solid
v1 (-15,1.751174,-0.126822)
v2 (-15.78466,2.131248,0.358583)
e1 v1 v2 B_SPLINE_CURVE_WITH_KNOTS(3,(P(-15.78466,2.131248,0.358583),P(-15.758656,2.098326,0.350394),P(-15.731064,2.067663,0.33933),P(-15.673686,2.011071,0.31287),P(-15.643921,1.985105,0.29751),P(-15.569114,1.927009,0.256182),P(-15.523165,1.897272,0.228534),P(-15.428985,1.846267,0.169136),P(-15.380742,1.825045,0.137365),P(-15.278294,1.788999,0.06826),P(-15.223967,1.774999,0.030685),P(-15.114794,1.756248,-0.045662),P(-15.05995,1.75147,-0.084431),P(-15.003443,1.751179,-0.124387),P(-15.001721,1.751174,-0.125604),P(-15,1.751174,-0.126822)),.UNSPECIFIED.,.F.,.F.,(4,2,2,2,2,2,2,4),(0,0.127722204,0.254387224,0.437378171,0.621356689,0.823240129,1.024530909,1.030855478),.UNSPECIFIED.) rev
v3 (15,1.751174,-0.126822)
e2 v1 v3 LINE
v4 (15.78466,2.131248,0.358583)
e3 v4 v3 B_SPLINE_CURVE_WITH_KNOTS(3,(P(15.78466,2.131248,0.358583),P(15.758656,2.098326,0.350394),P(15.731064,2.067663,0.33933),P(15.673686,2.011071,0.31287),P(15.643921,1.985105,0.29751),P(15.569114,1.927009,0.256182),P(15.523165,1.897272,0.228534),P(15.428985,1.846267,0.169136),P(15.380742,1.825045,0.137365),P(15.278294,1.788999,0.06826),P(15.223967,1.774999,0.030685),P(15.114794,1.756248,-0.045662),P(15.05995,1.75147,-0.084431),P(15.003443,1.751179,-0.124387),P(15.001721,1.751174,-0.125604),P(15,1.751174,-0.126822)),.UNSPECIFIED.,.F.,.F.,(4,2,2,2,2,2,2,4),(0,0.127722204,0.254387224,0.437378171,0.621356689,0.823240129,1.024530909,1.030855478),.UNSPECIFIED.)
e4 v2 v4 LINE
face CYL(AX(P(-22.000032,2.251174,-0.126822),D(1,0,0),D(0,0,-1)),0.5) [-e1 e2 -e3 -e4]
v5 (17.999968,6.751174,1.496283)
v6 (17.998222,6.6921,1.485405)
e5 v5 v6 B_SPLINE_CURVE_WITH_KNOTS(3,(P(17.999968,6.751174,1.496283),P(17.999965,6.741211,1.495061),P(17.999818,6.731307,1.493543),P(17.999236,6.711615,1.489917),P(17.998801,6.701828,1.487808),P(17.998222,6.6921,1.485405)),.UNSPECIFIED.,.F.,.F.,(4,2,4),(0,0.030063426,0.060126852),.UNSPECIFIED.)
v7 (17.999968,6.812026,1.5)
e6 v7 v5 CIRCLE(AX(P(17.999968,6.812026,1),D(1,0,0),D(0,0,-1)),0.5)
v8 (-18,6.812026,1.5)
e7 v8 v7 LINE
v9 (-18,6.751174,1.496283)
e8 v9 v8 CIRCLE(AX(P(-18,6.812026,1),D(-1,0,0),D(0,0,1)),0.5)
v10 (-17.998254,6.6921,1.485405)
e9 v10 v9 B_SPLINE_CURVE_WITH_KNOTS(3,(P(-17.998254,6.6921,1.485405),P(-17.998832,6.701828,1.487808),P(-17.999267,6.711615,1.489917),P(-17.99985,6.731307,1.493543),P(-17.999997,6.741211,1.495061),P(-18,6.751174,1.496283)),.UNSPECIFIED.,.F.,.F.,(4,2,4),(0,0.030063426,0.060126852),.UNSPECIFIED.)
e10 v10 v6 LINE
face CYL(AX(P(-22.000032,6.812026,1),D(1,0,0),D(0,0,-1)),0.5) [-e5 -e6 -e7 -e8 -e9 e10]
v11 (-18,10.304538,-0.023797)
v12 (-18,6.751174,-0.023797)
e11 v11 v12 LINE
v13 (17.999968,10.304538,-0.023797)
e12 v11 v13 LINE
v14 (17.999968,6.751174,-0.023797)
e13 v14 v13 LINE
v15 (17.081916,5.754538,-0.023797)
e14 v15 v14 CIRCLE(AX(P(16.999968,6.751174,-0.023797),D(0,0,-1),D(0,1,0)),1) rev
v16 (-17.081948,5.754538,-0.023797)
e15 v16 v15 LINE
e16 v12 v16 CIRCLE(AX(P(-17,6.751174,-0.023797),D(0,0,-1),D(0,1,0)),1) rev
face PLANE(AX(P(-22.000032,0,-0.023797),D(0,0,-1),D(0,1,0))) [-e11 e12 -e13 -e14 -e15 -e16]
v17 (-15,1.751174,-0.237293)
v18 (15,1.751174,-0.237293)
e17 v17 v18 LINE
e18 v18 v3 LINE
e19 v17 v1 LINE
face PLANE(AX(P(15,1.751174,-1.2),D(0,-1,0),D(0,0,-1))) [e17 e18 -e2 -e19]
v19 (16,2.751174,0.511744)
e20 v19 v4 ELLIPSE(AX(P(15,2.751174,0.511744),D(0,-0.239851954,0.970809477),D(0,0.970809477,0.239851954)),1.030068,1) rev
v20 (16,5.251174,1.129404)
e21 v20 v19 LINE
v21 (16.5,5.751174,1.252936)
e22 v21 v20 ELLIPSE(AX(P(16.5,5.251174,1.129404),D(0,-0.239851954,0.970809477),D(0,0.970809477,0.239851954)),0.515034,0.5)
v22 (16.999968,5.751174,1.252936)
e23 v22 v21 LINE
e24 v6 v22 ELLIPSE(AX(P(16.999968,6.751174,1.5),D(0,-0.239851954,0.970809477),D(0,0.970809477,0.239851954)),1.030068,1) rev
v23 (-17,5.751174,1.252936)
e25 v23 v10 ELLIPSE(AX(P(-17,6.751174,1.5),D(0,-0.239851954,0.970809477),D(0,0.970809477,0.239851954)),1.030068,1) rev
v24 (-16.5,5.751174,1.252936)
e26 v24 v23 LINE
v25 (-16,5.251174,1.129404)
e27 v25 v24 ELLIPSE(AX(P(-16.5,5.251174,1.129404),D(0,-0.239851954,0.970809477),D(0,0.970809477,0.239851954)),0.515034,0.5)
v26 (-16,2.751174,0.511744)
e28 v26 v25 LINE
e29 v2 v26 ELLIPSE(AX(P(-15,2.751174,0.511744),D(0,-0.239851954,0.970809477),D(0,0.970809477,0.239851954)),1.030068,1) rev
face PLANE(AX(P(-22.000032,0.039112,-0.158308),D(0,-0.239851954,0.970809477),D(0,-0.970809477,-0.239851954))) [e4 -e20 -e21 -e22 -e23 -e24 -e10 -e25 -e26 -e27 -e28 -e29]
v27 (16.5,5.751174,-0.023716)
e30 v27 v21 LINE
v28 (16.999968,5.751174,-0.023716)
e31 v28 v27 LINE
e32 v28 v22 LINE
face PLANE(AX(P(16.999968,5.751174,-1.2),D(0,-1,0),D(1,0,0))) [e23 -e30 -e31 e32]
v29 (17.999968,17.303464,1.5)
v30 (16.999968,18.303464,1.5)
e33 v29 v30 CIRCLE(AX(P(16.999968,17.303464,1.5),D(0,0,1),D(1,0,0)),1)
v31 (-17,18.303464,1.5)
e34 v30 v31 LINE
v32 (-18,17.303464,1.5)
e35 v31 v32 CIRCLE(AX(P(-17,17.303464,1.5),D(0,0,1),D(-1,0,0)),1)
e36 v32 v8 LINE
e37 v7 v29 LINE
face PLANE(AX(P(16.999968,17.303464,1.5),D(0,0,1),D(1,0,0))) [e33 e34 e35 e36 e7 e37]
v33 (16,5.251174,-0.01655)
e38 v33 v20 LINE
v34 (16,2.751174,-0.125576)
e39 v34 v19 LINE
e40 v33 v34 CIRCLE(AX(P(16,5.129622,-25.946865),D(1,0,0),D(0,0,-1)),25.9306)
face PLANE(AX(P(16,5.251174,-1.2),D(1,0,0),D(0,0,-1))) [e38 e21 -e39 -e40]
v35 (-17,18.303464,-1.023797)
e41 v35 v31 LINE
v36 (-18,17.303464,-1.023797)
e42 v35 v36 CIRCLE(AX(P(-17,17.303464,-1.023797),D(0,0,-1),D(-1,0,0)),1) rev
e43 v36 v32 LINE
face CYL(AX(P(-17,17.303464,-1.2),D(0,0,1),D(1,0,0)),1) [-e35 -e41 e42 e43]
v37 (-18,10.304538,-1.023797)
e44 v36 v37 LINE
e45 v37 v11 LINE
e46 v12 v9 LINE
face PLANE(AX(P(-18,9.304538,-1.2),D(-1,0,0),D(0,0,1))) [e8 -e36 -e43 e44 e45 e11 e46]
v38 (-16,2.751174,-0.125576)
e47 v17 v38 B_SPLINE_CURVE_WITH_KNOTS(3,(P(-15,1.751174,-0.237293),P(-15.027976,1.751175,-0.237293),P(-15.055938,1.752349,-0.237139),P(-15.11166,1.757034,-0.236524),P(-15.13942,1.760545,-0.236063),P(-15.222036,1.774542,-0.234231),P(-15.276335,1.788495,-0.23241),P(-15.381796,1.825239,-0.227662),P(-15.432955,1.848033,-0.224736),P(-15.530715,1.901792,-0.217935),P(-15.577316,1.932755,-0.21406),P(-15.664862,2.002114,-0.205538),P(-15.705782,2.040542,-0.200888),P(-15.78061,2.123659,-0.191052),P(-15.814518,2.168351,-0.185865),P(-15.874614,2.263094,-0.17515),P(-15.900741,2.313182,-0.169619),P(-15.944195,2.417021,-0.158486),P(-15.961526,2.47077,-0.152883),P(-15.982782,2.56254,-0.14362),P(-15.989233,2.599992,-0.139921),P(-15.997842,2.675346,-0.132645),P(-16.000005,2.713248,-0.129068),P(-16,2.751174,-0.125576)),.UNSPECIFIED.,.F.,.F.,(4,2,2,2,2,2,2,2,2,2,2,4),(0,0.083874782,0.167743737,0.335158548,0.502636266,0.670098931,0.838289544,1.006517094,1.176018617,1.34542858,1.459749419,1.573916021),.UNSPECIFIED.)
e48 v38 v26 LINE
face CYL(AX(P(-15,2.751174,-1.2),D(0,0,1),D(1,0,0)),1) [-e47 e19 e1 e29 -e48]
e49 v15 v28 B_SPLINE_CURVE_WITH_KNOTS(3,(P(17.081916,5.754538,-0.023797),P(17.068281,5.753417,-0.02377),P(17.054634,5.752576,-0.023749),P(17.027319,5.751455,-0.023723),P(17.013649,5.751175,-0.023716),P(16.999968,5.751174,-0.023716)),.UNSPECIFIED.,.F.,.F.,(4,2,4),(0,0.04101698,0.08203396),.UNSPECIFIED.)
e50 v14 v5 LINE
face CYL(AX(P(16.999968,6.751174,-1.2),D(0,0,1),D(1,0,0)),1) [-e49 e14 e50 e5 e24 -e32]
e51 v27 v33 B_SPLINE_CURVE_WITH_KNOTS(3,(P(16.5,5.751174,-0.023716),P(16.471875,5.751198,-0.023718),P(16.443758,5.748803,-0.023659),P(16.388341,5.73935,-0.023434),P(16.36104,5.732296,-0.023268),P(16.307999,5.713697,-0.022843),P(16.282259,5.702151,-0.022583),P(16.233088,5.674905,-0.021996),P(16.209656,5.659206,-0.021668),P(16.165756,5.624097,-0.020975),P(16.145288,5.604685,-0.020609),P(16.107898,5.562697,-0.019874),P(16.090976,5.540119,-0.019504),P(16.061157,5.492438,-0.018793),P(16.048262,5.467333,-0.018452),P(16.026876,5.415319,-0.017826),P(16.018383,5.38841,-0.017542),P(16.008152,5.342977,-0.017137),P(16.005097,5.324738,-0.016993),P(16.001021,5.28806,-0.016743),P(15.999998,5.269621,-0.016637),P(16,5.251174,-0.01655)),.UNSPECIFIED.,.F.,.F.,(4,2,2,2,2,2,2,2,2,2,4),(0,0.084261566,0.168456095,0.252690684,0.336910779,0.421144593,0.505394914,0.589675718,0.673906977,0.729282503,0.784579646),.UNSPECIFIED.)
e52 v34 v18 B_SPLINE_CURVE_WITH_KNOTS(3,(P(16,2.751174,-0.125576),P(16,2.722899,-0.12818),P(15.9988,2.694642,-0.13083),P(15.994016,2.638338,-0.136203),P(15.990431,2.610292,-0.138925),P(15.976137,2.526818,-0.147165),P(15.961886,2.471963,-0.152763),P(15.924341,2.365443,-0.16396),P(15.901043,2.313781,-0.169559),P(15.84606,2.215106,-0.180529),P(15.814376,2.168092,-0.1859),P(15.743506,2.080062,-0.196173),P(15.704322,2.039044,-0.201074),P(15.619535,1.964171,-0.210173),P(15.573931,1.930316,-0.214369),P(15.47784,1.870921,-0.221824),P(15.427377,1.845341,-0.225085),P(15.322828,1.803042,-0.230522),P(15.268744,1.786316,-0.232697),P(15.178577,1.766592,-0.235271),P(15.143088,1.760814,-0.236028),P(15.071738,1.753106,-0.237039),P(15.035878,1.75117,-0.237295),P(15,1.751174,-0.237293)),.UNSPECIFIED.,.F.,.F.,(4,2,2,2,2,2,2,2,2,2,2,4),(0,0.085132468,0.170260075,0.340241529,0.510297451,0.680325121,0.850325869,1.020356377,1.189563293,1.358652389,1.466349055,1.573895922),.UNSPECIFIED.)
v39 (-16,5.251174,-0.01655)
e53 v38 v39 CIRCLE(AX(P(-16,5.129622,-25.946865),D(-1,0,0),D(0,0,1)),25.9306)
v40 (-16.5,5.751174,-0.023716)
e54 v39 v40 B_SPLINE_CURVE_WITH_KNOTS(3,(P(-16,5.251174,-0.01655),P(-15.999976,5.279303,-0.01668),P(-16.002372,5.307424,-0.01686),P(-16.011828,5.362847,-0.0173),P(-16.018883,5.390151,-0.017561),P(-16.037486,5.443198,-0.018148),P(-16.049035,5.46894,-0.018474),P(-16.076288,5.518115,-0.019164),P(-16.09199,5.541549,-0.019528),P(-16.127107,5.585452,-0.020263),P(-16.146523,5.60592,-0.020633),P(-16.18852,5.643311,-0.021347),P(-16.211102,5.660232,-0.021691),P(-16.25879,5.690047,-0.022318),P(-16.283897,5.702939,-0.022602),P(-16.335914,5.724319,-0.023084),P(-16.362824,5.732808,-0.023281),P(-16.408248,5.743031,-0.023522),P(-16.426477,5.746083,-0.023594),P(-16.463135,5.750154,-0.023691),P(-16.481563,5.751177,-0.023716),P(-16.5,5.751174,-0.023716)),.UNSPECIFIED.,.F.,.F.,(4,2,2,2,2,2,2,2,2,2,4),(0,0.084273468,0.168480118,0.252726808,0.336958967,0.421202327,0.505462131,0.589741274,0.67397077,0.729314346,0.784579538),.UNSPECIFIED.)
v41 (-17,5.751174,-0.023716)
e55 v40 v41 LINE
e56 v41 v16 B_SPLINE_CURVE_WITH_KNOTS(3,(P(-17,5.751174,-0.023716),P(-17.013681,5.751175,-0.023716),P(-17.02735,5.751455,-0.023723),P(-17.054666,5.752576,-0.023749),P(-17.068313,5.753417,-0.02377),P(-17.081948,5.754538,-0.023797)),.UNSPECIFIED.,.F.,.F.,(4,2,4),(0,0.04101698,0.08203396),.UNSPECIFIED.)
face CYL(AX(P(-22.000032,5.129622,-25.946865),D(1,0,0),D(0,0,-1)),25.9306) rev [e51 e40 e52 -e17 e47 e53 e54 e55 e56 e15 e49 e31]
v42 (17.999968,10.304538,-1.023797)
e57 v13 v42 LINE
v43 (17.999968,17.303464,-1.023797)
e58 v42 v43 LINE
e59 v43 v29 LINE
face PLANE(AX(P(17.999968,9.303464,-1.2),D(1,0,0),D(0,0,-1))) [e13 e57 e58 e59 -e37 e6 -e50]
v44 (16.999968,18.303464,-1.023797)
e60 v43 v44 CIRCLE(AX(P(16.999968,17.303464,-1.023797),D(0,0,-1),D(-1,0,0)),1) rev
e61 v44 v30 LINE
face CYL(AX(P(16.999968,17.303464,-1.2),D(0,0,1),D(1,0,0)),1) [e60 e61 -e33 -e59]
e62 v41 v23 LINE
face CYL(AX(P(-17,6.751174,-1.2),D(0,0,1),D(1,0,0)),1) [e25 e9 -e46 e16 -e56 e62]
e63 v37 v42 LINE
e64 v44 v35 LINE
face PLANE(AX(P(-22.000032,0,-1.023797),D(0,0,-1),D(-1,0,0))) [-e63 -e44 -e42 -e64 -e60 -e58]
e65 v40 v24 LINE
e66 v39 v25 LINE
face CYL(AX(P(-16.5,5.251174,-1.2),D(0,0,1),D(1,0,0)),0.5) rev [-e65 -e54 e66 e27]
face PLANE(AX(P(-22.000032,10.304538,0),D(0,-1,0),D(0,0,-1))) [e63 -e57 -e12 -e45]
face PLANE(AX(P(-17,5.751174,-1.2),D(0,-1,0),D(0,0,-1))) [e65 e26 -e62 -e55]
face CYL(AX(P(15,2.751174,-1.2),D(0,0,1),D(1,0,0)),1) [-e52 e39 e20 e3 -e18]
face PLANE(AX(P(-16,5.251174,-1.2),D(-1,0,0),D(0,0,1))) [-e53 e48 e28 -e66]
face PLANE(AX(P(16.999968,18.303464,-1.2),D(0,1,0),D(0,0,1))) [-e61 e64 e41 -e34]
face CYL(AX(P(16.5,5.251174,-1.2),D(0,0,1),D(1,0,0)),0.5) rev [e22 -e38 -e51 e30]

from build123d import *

# Parameters (mm, degrees)
BOSS_EXTRUDE1_DEPTH      = 1.5
BOSS_EXTRUDE1_DEPTH_BACK = 1.2
CUT_EXTRUDE1_DEPTH       = 40


with BuildPart() as part:
    # Sketch1 → Boss-Extrude1 (new body, two sides)
    with BuildSketch(Plane.XY) as boss_extrude1_sk:
        with BuildLine():
            Line((-17.999999991, 9.304537824), (-17.999999991, 10.304506021))
            Line((-17.999999991, 10.304506021), (-17.999999991, 17.303464443))
            ThreePointArc((-17.999999991, 17.303464443), (-17.707106772, 18.010571225), (-16.999999991, 18.303464443))
            Line((-16.999999991, 18.303464443), (16.999968161, 18.303464443))
            ThreePointArc((16.999968161, 18.303464443), (17.707074942, 18.010571225), (17.999968161, 17.303464443))
            Line((17.999968161, 17.303464443), (17.999968161, 9.303464443))
            Line((17.999968161, 9.303464443), (17.999968161, 6.751174458))
            ThreePointArc((17.999968161, 6.751174458), (17.707074942, 6.044067677), (16.999968161, 5.751174458))
            Line((16.999968161, 5.751174458), (16.499999991, 5.751174458))
            ThreePointArc((16.499999991, 5.751174458), (16.1464466, 5.604727849), (15.999999991, 5.251174458))
            Line((15.999999991, 5.251174458), (15.999999991, 2.751174458))
            ThreePointArc((15.999999991, 2.751174458), (15.707106772, 2.044067677), (14.999999991, 1.751174458))
            Line((14.999999991, 1.751174458), (-14.999999991, 1.751174458))
            ThreePointArc((-14.999999991, 1.751174458), (-15.707106772, 2.044067677), (-15.999999991, 2.751174458))
            Line((-15.999999991, 2.751174458), (-15.999999991, 5.251174458))
            ThreePointArc((-15.999999991, 5.251174458), (-16.1464466, 5.604727849), (-16.499999991, 5.751174458))
            Line((-16.499999991, 5.751174458), (-16.999999991, 5.751174458))
            ThreePointArc((-16.999999991, 5.751174458), (-17.707106772, 6.044067677), (-17.999999991, 6.751174458))
            Line((-17.999999991, 6.751174458), (-17.999999991, 9.304537824))
        make_face()
    extrude(amount=BOSS_EXTRUDE1_DEPTH)
    extrude(boss_extrude1_sk.sketch, amount=-BOSS_EXTRUDE1_DEPTH_BACK)

    # Sketch3 → Cut-Extrude1 (cut)
    with BuildSketch(Plane(origin=(17.999968161, 0, 0), x_dir=(0, 0, -1), z_dir=(1, 0, 0))):
        with BuildLine():
            Line((0.023796664, 6.751174458), (0.023796664, 5.754537824))
            ThreePointArc((0.023796664, 5.754537824), (0.053060483, 3.748723952), (0.23729316, 1.751174458))
            Line((0.23729316, 1.751174458), (1.2708887, 1.751174458))
            Line((1.2708887, 1.751174458), (1.2708887, 10.304537824))
            Line((1.2708887, 10.304537824), (1.2708887, 10.30507849))
            ThreePointArc((1.2708887, 10.30507849), (7.212872074, 16.614024598), (1.023796664, 22.680762846))
            Line((1.023796664, 22.680762846), (1.023796664, 17.303464443))
            Line((1.023796664, 17.303464443), (1.2, 17.303464443))
            Line((1.2, 17.303464443), (1.2, 6.751174458))
            Line((1.2, 6.751174458), (0.023796664, 6.751174458))
        make_face()
        Polygon((0.023796664, 10.304537824), (0.023796664, 6.751174458), (1.2, 6.751174458), (1.2, 17.303464443), (1.023796664, 17.303464443), (1.023796664, 10.304537824), align=None)
        with BuildLine():
            ThreePointArc((-1.485404738, 6.692099607), (-1.491731963, 6.721473521), (-1.496283327, 6.751174458))
            Line((-1.496283327, 6.751174458), (-1.5, 6.751174458))
            Line((-1.5, 6.751174458), (-1.5, 1.751174458))
            Line((-1.5, 1.751174458), (0.126821568, 1.751174458))
            ThreePointArc((0.126821568, 1.751174458), (-0.181429151, 1.857497567), (-0.358583171, 2.131248481))
            Line((-0.358583171, 2.131248481), (-1.485404738, 6.692099607))
        make_face()
        with BuildLine():
            Line((-1.5, 6.751174458), (-1.496283327, 6.751174458))
            ThreePointArc((-1.496283327, 6.751174458), (-1.499069967, 6.781543322), (-1.5, 6.812025585))
            Line((-1.5, 6.812025585), (-1.5, 6.751174458))
        make_face()
    extrude(amount=-CUT_EXTRUDE1_DEPTH, mode=Mode.SUBTRACT)


solid = part.part
